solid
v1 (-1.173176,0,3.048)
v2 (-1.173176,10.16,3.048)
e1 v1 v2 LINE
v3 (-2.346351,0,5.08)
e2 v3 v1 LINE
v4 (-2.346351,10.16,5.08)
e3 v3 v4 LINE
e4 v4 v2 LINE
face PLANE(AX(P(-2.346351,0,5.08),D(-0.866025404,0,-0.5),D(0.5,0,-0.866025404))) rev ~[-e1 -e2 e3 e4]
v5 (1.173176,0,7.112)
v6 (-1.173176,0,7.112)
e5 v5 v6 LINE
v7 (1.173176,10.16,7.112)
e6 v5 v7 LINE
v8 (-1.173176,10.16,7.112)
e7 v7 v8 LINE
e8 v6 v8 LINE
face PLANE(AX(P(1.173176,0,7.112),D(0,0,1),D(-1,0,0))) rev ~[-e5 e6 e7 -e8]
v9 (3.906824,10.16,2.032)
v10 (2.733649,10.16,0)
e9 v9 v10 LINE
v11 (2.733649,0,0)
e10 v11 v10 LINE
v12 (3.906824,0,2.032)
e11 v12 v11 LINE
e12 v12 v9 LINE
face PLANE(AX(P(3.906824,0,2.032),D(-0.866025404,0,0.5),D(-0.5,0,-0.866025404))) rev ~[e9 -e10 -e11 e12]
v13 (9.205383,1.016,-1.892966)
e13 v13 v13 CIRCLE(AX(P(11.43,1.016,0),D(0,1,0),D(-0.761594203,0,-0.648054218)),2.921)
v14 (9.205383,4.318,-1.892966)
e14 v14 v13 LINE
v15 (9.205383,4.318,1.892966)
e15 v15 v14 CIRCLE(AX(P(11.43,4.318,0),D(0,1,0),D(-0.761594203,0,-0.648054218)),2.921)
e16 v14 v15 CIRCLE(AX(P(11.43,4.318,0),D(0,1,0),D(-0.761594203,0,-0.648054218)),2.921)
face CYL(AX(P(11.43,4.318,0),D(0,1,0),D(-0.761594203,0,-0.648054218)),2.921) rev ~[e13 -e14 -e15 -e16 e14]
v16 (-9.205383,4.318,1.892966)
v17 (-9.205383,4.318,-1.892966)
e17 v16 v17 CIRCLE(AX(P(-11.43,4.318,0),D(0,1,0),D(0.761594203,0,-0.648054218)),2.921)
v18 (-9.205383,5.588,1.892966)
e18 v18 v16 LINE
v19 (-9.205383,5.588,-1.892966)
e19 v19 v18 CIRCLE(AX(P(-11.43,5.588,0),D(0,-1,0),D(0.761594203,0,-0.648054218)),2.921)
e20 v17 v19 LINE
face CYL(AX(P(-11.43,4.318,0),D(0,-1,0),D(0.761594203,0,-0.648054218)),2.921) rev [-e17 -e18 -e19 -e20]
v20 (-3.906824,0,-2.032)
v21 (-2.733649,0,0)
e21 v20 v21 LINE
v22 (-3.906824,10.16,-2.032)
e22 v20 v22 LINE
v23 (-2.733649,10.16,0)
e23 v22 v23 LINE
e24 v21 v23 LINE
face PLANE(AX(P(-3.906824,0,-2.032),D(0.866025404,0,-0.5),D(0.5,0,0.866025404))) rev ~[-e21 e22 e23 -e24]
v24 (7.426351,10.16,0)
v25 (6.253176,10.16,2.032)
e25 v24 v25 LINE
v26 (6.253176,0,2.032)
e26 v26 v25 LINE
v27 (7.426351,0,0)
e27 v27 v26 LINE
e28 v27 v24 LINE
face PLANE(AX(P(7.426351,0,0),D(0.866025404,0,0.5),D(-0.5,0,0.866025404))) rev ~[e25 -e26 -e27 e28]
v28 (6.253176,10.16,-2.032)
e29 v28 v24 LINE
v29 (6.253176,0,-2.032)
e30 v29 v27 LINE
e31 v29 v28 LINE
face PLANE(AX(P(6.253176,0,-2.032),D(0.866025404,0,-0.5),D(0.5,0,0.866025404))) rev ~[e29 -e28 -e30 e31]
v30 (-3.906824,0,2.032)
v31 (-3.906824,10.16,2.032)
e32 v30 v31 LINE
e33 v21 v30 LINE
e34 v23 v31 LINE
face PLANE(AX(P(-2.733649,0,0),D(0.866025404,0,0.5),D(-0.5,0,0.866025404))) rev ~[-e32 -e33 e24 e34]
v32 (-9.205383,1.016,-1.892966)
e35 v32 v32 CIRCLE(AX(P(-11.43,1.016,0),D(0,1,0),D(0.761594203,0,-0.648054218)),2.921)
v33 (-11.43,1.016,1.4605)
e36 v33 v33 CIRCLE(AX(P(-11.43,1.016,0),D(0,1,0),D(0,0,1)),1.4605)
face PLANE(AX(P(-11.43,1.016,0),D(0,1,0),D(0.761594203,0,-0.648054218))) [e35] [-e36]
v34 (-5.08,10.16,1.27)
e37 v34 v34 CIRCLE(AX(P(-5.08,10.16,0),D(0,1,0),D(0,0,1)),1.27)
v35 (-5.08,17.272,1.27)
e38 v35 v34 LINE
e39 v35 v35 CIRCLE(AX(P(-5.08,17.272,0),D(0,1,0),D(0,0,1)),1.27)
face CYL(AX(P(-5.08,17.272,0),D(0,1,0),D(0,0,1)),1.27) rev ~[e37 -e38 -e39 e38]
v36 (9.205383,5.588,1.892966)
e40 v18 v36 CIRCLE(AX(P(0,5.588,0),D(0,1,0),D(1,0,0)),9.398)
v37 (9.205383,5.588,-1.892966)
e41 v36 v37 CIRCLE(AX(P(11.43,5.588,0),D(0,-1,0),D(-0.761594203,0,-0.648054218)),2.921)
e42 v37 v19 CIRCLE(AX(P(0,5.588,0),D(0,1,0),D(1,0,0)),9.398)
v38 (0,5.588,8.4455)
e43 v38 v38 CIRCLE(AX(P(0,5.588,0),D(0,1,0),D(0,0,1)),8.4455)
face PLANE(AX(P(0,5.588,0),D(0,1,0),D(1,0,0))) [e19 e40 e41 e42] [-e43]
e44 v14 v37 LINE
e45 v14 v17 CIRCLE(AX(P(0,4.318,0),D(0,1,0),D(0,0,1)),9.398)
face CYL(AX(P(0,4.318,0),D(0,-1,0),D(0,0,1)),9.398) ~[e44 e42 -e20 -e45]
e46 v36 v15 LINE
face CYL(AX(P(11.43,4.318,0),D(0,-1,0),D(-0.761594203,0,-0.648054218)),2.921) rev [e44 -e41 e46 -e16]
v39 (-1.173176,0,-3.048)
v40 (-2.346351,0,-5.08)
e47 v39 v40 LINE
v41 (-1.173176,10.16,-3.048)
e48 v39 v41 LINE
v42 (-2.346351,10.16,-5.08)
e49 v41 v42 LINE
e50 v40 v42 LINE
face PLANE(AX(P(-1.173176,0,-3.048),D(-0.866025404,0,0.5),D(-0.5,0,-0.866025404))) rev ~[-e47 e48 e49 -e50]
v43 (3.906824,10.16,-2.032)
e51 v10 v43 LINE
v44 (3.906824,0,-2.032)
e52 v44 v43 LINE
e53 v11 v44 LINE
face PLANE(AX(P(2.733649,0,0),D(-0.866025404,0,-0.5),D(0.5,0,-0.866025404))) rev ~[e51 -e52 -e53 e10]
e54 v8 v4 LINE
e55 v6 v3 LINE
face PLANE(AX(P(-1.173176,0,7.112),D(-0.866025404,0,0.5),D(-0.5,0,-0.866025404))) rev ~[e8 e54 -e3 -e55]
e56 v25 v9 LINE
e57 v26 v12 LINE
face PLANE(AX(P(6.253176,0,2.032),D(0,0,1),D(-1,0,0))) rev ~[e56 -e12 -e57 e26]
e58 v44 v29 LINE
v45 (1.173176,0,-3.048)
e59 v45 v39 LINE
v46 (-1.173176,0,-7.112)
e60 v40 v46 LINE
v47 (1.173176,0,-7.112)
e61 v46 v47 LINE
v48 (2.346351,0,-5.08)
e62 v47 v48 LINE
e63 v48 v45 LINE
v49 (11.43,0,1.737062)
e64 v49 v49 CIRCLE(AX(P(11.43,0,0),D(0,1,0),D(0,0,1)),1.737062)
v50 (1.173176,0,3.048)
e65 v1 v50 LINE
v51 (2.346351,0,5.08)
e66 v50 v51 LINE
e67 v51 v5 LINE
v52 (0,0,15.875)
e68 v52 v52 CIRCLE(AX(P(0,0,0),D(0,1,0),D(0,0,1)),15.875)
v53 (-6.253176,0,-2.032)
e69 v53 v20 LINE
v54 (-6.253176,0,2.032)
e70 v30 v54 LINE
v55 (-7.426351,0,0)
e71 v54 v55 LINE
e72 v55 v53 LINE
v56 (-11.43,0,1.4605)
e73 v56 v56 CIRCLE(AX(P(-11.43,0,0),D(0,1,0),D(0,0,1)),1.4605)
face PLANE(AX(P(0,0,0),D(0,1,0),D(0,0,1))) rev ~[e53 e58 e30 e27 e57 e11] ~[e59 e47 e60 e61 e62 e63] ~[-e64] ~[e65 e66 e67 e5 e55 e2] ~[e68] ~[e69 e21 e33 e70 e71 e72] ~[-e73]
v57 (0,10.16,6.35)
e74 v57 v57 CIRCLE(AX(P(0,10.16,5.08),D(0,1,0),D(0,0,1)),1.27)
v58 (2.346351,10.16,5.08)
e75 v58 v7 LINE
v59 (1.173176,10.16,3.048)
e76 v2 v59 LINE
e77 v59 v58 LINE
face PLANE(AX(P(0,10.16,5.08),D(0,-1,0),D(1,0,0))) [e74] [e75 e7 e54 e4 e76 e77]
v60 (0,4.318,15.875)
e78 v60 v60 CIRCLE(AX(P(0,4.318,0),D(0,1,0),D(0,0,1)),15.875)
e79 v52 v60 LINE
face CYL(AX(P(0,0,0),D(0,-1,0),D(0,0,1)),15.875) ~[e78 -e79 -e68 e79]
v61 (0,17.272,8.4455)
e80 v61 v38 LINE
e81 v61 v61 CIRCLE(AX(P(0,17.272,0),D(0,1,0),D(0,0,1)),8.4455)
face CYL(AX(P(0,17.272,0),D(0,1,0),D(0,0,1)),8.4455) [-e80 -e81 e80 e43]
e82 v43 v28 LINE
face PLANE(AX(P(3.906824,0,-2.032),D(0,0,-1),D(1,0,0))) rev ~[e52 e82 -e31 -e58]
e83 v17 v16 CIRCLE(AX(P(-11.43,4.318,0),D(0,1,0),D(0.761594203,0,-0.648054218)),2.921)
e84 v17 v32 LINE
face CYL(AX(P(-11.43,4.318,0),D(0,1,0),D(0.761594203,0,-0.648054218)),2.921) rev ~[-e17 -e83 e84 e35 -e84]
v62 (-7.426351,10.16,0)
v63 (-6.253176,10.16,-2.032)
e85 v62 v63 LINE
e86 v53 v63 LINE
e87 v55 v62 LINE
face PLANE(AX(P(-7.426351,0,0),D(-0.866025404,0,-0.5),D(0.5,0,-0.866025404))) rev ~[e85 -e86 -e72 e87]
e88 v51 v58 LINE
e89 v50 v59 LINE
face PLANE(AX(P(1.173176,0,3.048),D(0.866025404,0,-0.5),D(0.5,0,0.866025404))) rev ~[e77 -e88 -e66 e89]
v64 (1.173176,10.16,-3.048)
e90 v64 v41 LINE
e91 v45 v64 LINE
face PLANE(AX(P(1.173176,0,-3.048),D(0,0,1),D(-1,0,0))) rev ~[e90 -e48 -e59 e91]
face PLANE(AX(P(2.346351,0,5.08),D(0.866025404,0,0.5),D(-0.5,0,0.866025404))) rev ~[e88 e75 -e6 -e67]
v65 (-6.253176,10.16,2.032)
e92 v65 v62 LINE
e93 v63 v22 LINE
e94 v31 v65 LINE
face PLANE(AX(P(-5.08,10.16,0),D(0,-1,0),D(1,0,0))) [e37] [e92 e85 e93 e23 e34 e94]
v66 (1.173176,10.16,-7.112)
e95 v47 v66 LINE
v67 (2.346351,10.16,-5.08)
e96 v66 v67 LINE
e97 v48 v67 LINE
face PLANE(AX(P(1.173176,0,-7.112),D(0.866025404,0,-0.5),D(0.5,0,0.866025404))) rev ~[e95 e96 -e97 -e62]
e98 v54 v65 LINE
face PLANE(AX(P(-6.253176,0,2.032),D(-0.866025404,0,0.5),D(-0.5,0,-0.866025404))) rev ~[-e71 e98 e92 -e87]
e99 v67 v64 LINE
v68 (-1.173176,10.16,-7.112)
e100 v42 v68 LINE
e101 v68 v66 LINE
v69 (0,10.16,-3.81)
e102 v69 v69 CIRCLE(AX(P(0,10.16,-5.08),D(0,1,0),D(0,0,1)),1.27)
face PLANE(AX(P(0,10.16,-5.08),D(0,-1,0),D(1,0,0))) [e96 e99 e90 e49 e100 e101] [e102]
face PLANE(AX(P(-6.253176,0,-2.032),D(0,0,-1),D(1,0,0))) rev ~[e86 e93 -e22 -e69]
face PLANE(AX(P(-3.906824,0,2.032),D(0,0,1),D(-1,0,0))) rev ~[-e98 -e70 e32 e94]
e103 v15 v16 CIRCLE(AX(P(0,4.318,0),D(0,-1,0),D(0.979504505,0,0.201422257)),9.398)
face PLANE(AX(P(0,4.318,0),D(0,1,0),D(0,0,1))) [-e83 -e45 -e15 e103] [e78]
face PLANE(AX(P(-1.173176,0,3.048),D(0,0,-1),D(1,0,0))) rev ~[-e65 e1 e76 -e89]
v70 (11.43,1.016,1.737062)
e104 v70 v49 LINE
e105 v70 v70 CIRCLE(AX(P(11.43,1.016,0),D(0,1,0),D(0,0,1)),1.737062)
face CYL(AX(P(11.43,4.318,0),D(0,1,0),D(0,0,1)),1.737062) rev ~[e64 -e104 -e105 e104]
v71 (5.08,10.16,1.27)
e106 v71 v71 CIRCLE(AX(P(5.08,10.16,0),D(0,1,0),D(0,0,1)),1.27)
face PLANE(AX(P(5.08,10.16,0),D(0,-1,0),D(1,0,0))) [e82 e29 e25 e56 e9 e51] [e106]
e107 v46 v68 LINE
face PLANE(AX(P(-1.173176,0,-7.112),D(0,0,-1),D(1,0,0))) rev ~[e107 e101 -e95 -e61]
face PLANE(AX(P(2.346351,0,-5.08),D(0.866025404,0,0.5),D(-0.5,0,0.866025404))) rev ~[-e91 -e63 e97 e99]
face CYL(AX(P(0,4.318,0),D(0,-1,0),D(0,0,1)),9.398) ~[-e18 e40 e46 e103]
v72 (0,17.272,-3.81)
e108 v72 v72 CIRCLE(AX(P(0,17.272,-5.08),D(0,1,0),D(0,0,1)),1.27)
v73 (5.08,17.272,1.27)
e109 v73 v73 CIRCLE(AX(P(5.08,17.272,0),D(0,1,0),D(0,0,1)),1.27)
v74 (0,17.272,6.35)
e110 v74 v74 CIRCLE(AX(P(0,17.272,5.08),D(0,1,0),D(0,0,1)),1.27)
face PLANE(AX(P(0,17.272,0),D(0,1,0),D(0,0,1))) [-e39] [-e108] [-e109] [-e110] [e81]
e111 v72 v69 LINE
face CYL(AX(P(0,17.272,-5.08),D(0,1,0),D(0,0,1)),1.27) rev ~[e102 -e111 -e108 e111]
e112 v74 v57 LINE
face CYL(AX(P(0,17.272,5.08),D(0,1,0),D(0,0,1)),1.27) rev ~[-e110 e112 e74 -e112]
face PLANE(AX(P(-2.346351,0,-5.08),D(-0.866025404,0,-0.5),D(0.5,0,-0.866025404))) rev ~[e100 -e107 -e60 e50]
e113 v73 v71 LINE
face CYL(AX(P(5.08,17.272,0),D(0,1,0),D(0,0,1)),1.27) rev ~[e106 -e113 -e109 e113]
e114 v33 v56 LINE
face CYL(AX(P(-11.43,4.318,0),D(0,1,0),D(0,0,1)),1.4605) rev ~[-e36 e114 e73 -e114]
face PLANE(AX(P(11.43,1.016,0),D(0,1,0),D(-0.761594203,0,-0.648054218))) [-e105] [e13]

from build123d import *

# Parameters (mm, degrees)
SKETCH1_R               = 15.875
BOSS_EXTRUDE1_DEPTH     = 4.318
SKETCH4_R               = 9.398
BOSS_EXTRUDE2_DEPTH     = 12.954
SKETCH5_R               = 2.921
CUT_EXTRUDE1_DEPTH      = 26.919825732
CUT_EXTRUDE1_DEPTH_BACK = 3.302
SKETCH6_R               = 1.4605
SKETCH6_R_2             = 1.73706236
CUT_EXTRUDE2_DEPTH      = 26.919825732
CUT_EXTRUDE2_DEPTH_BACK = 26.919825732
SKETCH10_R              = 1.27
CUT_EXTRUDE6_DEPTH      = 29.325840394
SKETCH12_R              = 9.398
SKETCH12_R_2            = 8.4455
CUT_EXTRUDE8_DEPTH      = 11.684
CUT_EXTRUDE9_DEPTH      = 10.16


with BuildPart() as part:
    # Sketch1 → Boss-Extrude1 (new body)
    with BuildSketch(Plane(origin=(0, 0, 0), x_dir=(1, 0, 0), z_dir=(0, 1, 0))):
        with Locations(Location((0, 0, 0), (0, 0, 270))):
            Circle(SKETCH1_R)
    extrude(amount=BOSS_EXTRUDE1_DEPTH)

    # Sketch4 → Boss-Extrude2 (add)
    with BuildSketch(Plane(origin=(0, 4.318, 0), x_dir=(1, 0, 0), z_dir=(0, 1, 0))):
        with Locations(Location((0, 0, 0), (0, 0, 270))):
            Circle(SKETCH4_R)
    extrude(amount=BOSS_EXTRUDE2_DEPTH)

    # Sketch5 → Cut-Extrude1 (cut, two sides)
    with BuildSketch(Plane(origin=(0, 4.318, 0), x_dir=(1, 0, 0), z_dir=(0, 1, 0))) as cut_extrude1_sk:
        with Locations(Location((-11.43, 0, 0), (0, 0, 40.395058429))):
            Circle(SKETCH5_R)
        with Locations(Location((11.43, 0, 0), (0, 0, 139.604941571))):
            Circle(SKETCH5_R)
    extrude(amount=CUT_EXTRUDE1_DEPTH, mode=Mode.SUBTRACT)
    extrude(cut_extrude1_sk.sketch, amount=-CUT_EXTRUDE1_DEPTH_BACK, mode=Mode.SUBTRACT)

    # Sketch6 → Cut-Extrude2 (cut, two sides)
    with BuildSketch(Plane(origin=(0, 4.318, 0), x_dir=(1, 0, 0), z_dir=(0, 1, 0))) as cut_extrude2_sk:
        with Locations(Location((-11.43, 0, 0), (0, 0, 270))):
            Circle(SKETCH6_R)
        with Locations(Location((11.43, 0, 0), (0, 0, 270))):
            Circle(SKETCH6_R_2)
    extrude(amount=CUT_EXTRUDE2_DEPTH, mode=Mode.SUBTRACT)
    extrude(cut_extrude2_sk.sketch, amount=-CUT_EXTRUDE2_DEPTH_BACK, mode=Mode.SUBTRACT)

    # Sketch10 → Cut-Extrude6 (cut, through all)
    with BuildSketch(Plane(origin=(0, 17.272, 0), x_dir=(1, 0, 0), z_dir=(0, 1, 0))):
        with Locations(Location((0, 5.08, 0), (0, 0, 270))):
            Circle(SKETCH10_R)
        with Locations(Location((0, -5.08, 0), (0, 0, 270))):
            Circle(SKETCH10_R)
        with Locations(Location((5.08, 0, 0), (0, 0, 270))):
            Circle(SKETCH10_R)
        with Locations(Location((-5.08, 0, 0), (0, 0, 270))):
            Circle(SKETCH10_R)
    extrude(amount=-CUT_EXTRUDE6_DEPTH, mode=Mode.SUBTRACT)

    # Sketch12 → Cut-Extrude8 (cut)
    with BuildSketch(Plane(origin=(0, 17.272, 0), x_dir=(1, 0, 0), z_dir=(0, 1, 0))):
        Circle(SKETCH12_R)
        with Locations(Location((0, 0, 0), (0, 0, 270))):
            Circle(SKETCH12_R_2, mode=Mode.SUBTRACT)
    extrude(amount=-CUT_EXTRUDE8_DEPTH, mode=Mode.SUBTRACT)

    # Sketch13 → Cut-Extrude9 (cut)
    with BuildSketch(Plane.XZ):
        Polygon((7.426351494, 0), (6.253175747, 2.032), (3.906824253, 2.032), (2.733648506, 0), (3.906824253, -2.032), (6.253175747, -2.032), align=None)
        Polygon((2.346351494, -5.08), (1.173175747, -3.048), (-1.173175747, -3.048), (-2.346351494, -5.08), (-1.173175747, -7.112), (1.173175747, -7.112), align=None)
        Polygon((-2.733648506, 0), (-3.906824253, 2.032), (-6.253175747, 2.032), (-7.426351494, 0), (-6.253175747, -2.032), (-3.906824253, -2.032), align=None)
        Polygon((2.346351494, 5.08), (1.173175747, 7.112), (-1.173175747, 7.112), (-2.346351494, 5.08), (-1.173175747, 3.048), (1.173175747, 3.048), align=None)
    extrude(amount=-CUT_EXTRUDE9_DEPTH, mode=Mode.SUBTRACT)


solid = part.part
